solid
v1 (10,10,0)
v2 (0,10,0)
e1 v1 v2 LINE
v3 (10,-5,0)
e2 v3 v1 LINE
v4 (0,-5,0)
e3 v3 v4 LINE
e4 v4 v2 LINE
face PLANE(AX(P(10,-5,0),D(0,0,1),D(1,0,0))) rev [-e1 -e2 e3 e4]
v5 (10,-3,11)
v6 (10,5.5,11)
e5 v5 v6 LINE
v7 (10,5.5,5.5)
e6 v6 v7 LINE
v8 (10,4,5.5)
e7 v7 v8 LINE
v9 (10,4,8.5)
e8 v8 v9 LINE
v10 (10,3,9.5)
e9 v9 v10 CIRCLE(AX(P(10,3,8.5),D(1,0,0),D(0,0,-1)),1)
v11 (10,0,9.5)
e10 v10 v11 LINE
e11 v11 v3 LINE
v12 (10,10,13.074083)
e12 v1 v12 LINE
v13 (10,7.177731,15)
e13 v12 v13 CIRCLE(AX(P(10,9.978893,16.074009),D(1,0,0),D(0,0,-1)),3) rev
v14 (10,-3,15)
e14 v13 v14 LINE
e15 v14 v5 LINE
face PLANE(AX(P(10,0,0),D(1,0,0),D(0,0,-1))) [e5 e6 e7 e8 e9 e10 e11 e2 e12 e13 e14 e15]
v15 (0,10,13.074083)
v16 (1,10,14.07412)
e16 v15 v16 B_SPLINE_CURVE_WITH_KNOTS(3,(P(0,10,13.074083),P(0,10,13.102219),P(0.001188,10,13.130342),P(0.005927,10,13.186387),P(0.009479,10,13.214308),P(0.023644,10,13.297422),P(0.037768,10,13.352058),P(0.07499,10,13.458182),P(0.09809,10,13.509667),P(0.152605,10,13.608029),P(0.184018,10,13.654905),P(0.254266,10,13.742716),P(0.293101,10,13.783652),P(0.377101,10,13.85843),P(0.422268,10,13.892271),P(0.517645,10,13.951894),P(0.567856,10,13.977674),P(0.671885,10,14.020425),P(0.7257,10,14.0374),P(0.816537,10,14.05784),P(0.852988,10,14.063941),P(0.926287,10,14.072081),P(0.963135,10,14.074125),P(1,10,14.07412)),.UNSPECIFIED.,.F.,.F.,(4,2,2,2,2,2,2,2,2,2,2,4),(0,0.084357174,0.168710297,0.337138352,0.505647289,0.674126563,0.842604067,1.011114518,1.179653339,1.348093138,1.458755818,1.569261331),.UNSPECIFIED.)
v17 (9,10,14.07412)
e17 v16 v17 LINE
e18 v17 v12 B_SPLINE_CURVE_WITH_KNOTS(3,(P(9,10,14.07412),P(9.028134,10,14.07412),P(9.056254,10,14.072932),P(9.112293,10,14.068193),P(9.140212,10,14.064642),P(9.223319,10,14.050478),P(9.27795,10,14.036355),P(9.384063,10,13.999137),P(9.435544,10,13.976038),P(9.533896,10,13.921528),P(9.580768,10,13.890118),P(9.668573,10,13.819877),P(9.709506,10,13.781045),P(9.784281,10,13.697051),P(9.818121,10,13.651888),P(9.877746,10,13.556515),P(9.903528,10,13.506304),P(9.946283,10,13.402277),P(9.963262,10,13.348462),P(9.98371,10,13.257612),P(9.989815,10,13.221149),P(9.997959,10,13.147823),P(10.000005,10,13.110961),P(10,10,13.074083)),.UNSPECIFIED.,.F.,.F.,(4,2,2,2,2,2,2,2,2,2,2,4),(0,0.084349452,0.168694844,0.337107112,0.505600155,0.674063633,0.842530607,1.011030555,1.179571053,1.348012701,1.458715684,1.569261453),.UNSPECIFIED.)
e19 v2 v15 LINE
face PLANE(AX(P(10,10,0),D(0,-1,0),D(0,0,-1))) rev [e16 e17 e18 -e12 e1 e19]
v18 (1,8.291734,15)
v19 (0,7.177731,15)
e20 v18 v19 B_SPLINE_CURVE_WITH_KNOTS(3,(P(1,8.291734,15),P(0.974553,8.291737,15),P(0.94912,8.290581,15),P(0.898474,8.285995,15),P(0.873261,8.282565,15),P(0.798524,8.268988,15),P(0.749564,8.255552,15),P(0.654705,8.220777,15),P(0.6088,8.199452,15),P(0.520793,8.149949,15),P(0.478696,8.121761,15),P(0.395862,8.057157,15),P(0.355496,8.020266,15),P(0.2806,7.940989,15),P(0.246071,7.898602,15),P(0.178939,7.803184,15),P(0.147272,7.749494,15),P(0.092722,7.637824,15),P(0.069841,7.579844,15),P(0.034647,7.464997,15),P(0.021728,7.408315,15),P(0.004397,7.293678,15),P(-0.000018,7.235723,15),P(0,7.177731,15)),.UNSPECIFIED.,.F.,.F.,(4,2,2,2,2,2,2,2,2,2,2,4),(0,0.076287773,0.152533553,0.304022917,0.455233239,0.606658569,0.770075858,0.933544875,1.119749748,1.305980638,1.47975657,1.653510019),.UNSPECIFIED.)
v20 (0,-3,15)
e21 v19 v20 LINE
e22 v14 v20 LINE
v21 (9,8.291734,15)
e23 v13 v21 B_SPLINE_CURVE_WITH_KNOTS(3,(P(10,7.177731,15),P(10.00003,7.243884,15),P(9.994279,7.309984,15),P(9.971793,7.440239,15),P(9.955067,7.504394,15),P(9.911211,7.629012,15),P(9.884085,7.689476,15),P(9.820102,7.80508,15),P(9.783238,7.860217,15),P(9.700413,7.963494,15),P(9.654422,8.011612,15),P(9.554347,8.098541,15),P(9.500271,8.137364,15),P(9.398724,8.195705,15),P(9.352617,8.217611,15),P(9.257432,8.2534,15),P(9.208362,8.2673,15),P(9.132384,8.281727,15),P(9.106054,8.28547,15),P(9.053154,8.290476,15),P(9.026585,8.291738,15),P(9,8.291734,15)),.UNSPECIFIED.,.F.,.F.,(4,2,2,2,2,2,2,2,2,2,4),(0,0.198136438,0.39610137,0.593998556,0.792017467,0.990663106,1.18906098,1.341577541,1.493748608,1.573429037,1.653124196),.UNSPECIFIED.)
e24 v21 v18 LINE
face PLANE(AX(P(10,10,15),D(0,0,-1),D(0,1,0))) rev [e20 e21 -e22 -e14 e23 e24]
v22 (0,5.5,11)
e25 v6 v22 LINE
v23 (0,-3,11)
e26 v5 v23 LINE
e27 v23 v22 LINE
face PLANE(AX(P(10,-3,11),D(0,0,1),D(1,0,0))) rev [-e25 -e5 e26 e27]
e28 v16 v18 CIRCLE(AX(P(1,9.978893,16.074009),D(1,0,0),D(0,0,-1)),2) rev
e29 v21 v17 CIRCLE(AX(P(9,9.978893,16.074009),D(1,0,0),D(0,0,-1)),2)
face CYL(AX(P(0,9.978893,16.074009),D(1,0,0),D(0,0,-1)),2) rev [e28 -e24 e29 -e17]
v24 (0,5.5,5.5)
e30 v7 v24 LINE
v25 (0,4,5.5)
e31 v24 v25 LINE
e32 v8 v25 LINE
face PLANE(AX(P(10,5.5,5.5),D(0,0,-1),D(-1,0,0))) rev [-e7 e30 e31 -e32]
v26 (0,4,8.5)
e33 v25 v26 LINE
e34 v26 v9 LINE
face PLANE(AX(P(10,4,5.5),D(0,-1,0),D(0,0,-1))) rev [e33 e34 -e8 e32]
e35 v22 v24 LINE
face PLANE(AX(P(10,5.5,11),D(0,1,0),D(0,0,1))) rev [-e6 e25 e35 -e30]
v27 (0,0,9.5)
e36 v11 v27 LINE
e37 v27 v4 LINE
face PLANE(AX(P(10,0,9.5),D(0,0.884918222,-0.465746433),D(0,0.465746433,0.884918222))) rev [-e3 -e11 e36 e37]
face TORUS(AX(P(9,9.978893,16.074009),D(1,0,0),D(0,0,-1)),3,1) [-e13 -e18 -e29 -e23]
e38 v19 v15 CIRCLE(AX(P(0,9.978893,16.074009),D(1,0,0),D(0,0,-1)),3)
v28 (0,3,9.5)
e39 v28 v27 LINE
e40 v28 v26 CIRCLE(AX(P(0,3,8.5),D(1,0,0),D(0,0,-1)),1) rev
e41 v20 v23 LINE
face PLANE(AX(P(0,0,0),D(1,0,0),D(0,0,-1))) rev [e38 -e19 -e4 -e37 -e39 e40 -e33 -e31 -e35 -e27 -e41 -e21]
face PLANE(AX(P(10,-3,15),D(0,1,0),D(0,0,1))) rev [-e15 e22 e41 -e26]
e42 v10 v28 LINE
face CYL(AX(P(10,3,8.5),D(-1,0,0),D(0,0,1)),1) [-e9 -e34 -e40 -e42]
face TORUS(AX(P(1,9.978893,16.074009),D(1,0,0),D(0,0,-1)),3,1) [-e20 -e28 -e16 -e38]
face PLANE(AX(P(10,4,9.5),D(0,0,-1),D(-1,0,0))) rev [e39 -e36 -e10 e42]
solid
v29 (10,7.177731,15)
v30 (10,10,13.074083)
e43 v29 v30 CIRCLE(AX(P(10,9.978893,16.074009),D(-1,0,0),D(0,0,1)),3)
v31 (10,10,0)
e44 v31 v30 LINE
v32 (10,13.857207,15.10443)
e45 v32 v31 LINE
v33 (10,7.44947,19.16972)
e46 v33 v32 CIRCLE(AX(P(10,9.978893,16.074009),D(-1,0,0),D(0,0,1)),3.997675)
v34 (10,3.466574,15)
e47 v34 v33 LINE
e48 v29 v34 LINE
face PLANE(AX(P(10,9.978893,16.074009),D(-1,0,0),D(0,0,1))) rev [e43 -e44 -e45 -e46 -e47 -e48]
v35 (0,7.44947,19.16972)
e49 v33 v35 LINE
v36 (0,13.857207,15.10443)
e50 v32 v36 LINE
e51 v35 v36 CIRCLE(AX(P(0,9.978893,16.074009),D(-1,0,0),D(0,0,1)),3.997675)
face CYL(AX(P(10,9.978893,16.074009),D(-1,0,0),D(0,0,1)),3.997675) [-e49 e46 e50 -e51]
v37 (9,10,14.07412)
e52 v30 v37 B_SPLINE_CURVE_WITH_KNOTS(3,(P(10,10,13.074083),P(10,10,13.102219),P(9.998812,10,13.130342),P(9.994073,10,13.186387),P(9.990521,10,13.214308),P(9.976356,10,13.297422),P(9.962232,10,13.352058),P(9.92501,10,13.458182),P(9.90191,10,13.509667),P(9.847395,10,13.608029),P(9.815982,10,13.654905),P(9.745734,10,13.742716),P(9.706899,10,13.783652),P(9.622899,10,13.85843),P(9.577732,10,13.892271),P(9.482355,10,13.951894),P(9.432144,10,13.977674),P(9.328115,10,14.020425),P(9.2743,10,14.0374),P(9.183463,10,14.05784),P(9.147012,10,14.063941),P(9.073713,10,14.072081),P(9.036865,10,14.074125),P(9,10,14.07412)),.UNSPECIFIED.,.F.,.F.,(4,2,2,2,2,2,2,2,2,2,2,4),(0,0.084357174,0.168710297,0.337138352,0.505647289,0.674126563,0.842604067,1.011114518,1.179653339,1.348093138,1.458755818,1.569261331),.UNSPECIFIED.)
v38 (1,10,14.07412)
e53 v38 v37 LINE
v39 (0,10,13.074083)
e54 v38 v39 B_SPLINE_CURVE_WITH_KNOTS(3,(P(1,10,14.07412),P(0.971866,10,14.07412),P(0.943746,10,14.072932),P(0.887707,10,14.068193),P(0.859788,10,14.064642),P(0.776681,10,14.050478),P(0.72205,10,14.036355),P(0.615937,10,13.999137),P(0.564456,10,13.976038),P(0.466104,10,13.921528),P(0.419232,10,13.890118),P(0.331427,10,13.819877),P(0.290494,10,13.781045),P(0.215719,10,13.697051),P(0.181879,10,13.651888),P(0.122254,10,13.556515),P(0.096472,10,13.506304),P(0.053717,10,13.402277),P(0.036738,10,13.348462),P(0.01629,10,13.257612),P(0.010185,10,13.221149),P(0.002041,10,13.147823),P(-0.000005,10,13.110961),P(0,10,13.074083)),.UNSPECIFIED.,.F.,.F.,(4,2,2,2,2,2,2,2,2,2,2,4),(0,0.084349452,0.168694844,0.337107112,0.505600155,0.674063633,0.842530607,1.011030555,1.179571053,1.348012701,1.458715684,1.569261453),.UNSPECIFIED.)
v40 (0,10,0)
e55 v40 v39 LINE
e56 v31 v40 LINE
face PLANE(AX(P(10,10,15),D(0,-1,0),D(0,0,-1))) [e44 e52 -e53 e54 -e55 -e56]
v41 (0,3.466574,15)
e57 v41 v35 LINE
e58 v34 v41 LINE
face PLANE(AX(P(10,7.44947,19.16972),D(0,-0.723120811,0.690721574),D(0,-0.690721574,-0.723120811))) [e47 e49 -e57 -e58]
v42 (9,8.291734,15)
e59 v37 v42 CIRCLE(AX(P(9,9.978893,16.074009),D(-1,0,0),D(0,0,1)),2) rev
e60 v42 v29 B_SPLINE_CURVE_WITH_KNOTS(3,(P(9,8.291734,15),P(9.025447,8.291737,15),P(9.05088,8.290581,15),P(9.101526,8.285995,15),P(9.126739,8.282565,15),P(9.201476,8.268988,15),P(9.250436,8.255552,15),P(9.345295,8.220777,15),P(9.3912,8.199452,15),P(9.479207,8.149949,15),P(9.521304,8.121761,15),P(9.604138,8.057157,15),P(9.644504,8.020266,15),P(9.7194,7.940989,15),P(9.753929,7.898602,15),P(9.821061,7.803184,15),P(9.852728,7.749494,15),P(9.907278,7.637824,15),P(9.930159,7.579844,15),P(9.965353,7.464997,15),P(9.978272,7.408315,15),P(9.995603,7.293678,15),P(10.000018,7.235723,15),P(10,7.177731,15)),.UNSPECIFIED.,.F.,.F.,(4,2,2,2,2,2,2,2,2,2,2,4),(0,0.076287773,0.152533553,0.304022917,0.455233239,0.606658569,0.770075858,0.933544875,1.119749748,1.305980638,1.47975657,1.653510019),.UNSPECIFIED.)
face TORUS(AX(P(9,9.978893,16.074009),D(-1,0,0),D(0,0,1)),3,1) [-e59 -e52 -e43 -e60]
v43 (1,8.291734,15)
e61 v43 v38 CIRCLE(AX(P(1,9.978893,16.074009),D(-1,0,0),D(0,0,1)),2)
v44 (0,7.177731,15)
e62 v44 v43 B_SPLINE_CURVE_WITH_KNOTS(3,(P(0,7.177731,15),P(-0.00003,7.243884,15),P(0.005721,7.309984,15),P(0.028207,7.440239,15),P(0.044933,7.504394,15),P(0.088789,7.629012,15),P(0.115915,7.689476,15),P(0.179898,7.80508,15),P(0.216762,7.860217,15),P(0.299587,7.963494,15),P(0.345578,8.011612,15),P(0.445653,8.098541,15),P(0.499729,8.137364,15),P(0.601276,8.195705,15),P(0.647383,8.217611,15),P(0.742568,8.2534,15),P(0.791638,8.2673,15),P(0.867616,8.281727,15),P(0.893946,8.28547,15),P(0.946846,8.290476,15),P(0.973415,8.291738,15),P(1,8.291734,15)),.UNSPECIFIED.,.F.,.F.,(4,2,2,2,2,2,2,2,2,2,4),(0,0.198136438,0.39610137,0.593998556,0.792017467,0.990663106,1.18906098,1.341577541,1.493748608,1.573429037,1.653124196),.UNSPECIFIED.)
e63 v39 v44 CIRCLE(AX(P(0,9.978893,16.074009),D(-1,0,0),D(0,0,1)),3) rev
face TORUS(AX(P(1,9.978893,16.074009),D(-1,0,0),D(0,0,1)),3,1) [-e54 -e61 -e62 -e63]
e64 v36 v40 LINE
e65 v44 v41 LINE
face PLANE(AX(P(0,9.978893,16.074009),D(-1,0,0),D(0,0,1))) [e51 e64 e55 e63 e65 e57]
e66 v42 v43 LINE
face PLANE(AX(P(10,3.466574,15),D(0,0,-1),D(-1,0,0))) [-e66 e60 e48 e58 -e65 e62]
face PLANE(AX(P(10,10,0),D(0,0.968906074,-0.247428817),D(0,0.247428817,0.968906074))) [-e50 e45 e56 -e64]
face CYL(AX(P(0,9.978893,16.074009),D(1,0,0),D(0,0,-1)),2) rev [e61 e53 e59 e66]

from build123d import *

# Parameters (mm, degrees)
BOSS_EXTRU_5_DEPTH      = 10
CONG_1_R                = 1
BOSS_EXTRU_6_DEPTH      = 10
ESQUISSE8_R             = 2
ENL_V_MAT_EXTRU_1_DEPTH = 27.423794497
CONG_3_R                = 1
CONG_4_R                = 1
CONG_5_R                = 1
CONG_6_R                = 1


with BuildPart() as part:
    # Esquisse5 → Boss.-Extru.5 (new body)
    with BuildSketch(Plane(origin=(0, 0, 0), x_dir=(0, 0, -1), z_dir=(1, 0, 0))):
        Polygon((0, -5), (0, 10), (-15, 10), (-15, -3), (-11, -3), (-11, 5.5), (-5.5, 5.5), (-5.5, 4), (-9.5, 4), (-9.5, 0), align=None)
    extrude(amount=BOSS_EXTRU_5_DEPTH)

    # Congé1
    cong_1_edges = [part.edges().sort_by_distance(p)[0] for p in [
        (5, 4, 9.5),
    ]]
    fillet(cong_1_edges, radius=CONG_1_R)


with BuildPart() as body_2:
    # Esquisse7 → Boss.-Extru.6 (new body)
    with BuildSketch(Plane.ZY):
        with BuildLine():
            Line((0, 10), (15.104430089, 13.85720698))
            ThreePointArc((15.104430089, 13.85720698), (19.449639193, 12.120509449), (19.169719572, 7.449470434))
            Line((19.169719572, 7.449470434), (15, 3.466574051))
            Line((15, 3.466574051), (15, 10))
            Line((15, 10), (0, 10))
        make_face()
    extrude(amount=-BOSS_EXTRU_6_DEPTH)


with BuildPart() as enl_v_mat_extru_1_tool:
    # Esquisse8 → Enlèv. mat.-Extru.1 (new, through all)
    with BuildSketch(Plane(origin=(10, 0, 0), x_dir=(0, 0, -1), z_dir=(1, 0, 0))):
        with Locations((-16.074008639, 9.978892781)):
            Circle(ESQUISSE8_R)
    extrude(amount=-ENL_V_MAT_EXTRU_1_DEPTH)


with BuildPart() as part_1:
    add(part.part)

    # Enlèv. mat.-Extru.1: cut by enl_v_mat_extru_1_tool
    add(enl_v_mat_extru_1_tool.part, mode=Mode.SUBTRACT)

    # Congé5
    cong_5_edges = [part_1.edges().sort_by_distance(p)[0] for p in [
        (10, 9.025873602, 14.315670093),
    ]]
    fillet(cong_5_edges, radius=CONG_5_R)

    # Congé6
    cong_6_edges = [part_1.edges().sort_by_distance(p)[0] for p in [
        (0, 9.025873602, 14.315670093),
    ]]
    fillet(cong_6_edges, radius=CONG_6_R)


with BuildPart() as body_2_1:
    add(body_2.part)

    # Enlèv. mat.-Extru.1: cut by enl_v_mat_extru_1_tool
    add(enl_v_mat_extru_1_tool.part, mode=Mode.SUBTRACT)

    # Congé3
    cong_3_edges = [body_2_1.edges().sort_by_distance(p)[0] for p in [
        (0, 10.931911961, 17.832347185),
    ]]
    fillet(cong_3_edges, radius=CONG_3_R)

    # Congé4
    cong_4_edges = [body_2_1.edges().sort_by_distance(p)[0] for p in [
        (10, 10.931911961, 17.832347185),
    ]]
    fillet(cong_4_edges, radius=CONG_4_R)


solid = Compound([part_1.part, body_2_1.part])
